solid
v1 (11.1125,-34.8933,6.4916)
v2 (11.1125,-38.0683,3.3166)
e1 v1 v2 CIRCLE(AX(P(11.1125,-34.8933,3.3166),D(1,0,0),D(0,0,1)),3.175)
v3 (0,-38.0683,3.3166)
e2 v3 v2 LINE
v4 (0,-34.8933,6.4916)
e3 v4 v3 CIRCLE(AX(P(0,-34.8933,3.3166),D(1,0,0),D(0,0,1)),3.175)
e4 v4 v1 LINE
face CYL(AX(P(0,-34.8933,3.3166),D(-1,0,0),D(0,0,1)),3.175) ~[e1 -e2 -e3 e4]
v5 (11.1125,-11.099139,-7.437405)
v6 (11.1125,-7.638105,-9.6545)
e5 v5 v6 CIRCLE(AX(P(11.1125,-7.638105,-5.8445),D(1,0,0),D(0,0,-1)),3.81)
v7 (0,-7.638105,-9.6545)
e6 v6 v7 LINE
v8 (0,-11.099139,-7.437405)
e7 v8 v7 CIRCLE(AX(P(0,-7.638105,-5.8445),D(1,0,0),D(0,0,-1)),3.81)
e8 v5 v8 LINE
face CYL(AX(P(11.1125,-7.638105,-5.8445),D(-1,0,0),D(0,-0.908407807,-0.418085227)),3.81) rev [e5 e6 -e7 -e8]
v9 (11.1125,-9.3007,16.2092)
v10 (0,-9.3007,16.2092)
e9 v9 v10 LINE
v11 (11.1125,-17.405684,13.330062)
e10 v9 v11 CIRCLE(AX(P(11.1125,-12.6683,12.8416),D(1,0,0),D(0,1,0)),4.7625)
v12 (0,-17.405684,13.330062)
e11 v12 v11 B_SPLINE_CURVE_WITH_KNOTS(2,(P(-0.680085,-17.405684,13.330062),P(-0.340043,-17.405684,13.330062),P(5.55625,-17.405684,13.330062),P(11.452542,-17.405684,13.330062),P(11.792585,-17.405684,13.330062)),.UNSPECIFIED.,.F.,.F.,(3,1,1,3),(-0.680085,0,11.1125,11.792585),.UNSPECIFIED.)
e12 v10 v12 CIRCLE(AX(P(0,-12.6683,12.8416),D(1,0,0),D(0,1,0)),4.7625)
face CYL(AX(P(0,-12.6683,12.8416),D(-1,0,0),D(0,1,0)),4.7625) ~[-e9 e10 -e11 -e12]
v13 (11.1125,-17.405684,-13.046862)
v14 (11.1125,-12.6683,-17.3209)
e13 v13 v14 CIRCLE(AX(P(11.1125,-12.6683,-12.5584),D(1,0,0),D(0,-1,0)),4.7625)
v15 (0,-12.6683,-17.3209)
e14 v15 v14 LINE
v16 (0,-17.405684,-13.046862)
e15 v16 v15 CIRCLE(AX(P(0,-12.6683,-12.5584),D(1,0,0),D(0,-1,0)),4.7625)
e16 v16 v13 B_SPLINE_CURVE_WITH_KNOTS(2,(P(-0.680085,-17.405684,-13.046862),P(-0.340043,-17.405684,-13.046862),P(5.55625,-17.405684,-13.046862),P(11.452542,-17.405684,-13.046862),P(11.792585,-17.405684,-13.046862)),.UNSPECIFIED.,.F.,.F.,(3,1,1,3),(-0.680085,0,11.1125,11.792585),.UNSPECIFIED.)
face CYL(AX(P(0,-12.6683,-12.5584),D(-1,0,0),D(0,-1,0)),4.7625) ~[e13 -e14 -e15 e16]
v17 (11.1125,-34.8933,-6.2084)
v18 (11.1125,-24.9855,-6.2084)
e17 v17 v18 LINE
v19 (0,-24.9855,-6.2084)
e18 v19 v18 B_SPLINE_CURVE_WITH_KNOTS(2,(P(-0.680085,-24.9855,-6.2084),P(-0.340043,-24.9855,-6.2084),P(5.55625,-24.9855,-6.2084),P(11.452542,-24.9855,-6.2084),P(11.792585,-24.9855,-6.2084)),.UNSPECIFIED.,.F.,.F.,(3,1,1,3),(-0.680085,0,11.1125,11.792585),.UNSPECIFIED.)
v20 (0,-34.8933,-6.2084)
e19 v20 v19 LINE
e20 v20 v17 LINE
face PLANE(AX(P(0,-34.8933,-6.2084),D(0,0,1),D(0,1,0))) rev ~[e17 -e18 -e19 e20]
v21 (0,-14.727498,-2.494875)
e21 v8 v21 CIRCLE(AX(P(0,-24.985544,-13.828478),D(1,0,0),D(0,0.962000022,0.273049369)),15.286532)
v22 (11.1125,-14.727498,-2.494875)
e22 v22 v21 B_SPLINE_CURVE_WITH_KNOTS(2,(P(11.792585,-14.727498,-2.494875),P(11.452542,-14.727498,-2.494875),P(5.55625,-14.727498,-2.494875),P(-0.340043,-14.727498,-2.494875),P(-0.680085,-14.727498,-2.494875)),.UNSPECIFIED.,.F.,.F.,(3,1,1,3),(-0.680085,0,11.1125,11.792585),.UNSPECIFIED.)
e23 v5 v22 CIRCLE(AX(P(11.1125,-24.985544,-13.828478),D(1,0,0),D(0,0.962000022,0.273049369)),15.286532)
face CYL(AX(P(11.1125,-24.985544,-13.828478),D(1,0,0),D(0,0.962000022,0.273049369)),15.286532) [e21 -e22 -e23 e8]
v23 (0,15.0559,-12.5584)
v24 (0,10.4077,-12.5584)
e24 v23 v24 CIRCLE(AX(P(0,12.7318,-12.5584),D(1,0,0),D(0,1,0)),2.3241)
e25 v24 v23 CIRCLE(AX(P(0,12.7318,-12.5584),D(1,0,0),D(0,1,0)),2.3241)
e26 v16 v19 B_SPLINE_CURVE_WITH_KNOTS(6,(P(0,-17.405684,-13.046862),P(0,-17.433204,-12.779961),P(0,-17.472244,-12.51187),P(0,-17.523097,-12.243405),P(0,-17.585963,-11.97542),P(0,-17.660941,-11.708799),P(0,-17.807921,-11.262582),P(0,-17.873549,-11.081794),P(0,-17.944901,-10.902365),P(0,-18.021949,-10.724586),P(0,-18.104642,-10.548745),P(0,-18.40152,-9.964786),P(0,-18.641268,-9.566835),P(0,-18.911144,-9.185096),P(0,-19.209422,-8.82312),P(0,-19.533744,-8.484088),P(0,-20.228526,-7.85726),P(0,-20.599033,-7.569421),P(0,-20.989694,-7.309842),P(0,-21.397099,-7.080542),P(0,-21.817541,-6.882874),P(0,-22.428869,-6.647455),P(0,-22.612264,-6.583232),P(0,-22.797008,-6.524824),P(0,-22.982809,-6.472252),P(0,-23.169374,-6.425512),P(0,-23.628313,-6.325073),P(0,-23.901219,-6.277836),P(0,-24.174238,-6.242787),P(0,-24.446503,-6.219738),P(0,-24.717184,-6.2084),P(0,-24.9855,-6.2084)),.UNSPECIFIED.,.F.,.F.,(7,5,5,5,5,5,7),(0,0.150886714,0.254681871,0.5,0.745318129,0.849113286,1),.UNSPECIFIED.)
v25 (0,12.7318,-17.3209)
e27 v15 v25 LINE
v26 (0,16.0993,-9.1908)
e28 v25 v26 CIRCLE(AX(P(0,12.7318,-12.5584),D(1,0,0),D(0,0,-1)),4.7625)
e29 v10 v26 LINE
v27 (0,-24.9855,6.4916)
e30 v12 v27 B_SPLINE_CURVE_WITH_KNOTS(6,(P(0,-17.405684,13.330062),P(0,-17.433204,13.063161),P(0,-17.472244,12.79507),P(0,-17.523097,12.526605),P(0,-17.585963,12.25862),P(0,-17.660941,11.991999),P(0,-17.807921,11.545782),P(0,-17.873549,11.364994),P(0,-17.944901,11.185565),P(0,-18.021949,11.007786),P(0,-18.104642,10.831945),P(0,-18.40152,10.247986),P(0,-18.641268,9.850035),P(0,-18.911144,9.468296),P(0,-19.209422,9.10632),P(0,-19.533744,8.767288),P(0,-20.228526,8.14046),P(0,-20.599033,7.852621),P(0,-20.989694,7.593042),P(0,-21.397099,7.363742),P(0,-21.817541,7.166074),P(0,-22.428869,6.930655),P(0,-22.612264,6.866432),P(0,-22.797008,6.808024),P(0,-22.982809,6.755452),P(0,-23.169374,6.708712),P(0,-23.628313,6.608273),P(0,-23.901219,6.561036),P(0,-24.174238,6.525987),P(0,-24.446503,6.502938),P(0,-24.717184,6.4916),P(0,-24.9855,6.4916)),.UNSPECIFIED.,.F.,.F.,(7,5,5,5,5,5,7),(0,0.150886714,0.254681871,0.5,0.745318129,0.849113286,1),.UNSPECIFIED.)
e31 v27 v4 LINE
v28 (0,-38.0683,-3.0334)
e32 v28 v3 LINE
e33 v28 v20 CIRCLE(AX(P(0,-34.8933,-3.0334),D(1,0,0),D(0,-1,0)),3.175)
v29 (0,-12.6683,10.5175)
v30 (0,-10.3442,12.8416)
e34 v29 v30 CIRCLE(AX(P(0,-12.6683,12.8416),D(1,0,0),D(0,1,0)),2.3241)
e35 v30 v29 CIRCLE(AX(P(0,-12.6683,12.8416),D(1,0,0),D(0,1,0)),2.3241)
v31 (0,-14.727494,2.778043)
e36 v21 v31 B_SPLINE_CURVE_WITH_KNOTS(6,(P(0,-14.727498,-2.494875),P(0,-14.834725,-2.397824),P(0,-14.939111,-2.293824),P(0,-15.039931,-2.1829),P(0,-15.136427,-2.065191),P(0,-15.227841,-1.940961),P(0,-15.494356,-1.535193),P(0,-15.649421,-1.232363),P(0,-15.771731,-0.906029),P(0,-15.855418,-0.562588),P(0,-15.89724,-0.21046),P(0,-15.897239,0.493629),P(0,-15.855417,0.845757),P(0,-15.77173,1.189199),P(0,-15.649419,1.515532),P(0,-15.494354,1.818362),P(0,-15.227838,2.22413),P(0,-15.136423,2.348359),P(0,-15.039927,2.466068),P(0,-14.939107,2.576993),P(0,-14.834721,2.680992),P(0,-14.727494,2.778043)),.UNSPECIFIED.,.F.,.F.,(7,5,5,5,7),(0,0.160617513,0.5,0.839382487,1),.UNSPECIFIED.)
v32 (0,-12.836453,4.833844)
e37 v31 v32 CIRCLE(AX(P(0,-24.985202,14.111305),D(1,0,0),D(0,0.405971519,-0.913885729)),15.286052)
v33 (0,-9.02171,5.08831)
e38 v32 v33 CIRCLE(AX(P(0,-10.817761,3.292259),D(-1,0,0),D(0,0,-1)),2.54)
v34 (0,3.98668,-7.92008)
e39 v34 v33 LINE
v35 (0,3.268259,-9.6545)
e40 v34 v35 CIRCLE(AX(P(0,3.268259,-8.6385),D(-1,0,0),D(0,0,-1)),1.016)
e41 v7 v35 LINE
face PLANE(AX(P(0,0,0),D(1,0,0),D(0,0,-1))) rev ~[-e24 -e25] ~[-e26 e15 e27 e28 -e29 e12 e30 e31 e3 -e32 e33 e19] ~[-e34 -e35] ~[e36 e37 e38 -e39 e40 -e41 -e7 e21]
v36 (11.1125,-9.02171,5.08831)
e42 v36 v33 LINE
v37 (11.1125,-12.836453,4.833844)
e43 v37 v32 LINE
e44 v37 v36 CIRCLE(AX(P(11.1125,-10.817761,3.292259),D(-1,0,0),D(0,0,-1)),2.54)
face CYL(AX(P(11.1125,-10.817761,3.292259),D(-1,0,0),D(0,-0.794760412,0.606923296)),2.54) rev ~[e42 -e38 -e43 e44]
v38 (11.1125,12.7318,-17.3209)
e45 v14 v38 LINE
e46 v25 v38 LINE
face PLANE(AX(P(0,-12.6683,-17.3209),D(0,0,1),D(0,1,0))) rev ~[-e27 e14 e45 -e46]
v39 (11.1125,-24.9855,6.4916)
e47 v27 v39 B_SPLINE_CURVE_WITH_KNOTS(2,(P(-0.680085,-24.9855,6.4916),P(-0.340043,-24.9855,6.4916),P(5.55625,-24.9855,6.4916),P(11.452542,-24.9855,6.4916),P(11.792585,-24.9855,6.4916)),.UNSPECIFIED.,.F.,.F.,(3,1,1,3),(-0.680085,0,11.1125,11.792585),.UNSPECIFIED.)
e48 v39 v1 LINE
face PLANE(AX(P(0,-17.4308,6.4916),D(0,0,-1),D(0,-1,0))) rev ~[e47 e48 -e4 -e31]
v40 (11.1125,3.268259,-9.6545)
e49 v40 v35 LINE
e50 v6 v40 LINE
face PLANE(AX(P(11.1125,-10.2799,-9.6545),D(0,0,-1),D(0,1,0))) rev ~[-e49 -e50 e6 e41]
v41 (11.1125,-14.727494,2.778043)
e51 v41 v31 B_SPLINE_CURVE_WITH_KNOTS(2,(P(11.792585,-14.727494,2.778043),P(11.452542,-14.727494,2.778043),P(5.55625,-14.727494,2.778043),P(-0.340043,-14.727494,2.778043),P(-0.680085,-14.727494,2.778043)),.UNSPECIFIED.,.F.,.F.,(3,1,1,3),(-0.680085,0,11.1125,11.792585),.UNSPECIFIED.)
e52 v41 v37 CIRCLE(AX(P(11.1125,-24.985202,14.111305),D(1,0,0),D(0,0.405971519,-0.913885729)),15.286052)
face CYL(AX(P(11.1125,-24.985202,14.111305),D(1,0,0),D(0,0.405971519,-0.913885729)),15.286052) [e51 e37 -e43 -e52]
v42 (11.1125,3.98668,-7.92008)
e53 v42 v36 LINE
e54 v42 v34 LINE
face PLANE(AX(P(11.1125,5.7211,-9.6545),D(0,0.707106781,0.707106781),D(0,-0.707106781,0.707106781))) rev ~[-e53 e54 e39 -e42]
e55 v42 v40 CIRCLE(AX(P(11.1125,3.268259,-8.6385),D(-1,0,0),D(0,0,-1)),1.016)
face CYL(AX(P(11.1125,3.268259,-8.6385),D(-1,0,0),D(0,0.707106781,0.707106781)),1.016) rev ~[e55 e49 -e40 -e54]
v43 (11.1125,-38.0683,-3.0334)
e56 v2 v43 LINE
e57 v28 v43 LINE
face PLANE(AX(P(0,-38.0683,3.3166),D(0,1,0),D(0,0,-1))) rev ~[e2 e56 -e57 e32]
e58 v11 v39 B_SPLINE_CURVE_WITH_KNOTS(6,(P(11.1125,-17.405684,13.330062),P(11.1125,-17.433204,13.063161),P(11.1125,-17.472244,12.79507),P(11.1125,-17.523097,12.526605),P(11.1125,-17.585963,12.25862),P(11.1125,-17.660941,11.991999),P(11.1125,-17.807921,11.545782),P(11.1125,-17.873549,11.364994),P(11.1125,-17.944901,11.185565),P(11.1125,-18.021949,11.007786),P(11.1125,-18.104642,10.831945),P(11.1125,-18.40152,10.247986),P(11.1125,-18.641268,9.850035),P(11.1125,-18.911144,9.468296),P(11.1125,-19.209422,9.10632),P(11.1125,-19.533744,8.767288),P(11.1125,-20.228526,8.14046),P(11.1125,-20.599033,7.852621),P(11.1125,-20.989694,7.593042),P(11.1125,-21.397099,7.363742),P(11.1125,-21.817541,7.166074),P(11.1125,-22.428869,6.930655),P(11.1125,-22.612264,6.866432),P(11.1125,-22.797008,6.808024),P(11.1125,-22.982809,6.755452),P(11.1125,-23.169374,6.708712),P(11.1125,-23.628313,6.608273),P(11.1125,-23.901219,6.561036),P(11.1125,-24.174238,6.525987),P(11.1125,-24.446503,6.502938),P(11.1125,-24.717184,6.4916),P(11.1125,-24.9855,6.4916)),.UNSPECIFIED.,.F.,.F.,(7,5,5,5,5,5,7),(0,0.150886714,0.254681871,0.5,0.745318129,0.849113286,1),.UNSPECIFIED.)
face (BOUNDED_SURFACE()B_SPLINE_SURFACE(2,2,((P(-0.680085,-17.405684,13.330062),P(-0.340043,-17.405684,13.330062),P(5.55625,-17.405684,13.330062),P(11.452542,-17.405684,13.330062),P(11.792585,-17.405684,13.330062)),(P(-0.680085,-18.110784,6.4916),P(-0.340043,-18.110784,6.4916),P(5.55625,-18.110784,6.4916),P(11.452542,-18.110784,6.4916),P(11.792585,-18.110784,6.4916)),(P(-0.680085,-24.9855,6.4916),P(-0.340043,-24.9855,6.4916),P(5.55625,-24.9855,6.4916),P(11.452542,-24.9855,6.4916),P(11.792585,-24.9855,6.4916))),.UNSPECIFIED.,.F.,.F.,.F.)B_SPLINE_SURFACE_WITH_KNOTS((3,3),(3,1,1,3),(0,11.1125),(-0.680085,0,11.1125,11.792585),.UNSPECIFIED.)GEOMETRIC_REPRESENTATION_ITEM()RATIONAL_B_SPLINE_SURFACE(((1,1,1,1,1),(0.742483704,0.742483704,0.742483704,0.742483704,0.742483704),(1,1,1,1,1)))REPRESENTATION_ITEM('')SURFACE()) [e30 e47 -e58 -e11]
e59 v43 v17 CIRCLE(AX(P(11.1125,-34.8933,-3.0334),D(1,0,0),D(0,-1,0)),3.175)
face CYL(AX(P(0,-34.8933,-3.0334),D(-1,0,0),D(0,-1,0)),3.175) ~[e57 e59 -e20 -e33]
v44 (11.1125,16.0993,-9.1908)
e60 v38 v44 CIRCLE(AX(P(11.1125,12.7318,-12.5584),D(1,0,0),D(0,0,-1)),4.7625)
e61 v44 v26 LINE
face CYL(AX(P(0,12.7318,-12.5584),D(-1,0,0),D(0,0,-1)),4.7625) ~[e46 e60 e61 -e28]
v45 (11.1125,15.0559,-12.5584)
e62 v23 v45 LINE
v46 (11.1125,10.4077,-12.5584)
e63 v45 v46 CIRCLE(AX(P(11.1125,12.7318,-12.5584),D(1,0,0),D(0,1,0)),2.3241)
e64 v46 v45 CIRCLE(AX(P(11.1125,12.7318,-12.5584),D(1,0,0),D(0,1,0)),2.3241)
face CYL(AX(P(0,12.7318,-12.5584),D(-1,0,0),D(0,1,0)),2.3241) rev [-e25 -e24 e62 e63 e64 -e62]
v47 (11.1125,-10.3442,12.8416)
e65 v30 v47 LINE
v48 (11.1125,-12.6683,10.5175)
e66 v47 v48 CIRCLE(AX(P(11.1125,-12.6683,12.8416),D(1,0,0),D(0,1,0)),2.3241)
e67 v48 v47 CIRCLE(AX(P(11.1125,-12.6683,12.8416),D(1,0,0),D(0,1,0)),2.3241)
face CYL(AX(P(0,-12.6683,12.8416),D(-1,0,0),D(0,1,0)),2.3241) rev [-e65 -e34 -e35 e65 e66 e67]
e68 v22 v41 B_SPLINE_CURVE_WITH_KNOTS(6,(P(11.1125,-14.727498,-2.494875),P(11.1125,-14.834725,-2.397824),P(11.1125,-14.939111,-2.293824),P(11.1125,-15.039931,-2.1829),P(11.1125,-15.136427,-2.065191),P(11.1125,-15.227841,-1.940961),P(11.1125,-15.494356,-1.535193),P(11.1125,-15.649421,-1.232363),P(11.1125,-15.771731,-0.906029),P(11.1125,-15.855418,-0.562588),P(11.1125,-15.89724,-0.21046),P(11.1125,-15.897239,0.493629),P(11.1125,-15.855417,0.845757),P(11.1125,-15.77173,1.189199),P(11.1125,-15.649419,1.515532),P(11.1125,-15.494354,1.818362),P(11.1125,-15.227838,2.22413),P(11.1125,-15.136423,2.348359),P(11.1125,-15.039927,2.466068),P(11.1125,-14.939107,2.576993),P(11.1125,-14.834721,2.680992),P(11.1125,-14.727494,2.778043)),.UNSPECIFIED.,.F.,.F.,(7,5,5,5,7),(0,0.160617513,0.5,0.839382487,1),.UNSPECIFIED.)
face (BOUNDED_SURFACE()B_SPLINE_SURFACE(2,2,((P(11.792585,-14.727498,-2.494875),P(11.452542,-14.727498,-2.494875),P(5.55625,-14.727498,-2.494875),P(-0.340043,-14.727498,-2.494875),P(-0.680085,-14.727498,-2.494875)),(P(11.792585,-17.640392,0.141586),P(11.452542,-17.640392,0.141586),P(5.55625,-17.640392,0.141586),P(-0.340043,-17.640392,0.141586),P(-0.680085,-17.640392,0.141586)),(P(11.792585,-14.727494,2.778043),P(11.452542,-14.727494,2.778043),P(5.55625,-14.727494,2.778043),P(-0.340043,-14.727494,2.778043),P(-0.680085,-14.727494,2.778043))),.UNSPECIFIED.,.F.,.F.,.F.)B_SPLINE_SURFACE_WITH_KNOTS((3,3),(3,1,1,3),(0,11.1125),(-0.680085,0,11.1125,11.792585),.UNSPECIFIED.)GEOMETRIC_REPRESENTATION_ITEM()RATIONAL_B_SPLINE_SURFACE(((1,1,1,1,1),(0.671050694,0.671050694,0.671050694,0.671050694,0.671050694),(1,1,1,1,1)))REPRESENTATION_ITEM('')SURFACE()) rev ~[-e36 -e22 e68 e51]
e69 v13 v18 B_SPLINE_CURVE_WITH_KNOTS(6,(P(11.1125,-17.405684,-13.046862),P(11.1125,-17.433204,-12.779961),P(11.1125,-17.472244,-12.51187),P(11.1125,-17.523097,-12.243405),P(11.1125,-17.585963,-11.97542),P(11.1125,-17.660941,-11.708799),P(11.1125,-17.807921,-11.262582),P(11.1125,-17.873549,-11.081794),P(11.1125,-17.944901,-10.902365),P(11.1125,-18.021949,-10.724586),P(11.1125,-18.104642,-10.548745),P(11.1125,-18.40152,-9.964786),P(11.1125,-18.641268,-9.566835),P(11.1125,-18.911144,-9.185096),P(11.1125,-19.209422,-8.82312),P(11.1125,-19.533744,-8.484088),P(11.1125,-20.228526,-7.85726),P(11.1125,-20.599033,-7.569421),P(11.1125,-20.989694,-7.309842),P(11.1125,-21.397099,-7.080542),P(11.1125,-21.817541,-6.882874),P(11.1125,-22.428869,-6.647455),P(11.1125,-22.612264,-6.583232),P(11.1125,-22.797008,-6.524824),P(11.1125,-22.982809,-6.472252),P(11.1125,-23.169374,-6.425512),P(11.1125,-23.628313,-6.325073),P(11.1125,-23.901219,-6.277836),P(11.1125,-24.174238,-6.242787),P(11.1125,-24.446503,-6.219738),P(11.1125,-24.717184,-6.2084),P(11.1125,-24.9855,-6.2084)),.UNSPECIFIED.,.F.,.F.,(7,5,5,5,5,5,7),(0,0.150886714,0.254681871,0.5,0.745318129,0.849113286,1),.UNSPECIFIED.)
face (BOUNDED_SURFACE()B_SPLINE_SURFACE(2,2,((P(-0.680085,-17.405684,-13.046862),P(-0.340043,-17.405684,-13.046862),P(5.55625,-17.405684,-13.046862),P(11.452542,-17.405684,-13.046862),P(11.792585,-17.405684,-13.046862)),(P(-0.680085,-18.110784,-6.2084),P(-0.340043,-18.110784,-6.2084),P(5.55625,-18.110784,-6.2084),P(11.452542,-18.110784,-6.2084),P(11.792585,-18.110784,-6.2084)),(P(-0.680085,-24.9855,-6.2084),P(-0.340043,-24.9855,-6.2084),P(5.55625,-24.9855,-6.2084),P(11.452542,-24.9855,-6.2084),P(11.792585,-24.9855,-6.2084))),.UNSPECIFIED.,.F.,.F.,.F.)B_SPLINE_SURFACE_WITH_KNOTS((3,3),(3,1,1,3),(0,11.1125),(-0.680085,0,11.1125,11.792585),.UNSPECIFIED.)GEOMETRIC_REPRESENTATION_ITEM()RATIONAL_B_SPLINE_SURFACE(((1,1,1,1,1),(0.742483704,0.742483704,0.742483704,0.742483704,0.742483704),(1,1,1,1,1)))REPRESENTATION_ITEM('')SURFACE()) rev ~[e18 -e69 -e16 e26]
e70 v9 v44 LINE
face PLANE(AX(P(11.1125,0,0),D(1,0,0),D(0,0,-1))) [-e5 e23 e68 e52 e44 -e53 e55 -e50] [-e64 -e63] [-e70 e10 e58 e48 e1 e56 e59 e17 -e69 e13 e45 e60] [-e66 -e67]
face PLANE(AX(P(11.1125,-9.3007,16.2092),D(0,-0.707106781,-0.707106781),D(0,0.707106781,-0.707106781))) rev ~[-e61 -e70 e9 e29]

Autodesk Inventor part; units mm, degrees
ref_plane "YZ Plane" through (0, 0, 0) normal (1, 0, 0) x (0, 1, 0)
ref_plane "XZ Plane" through (0, 0, 0) normal (0, 1, 0) x (-1, 0, 0)
ref_plane "XY Plane" through (0, 0, 0) normal (0, 0, 1) x (1, 0, 0)
sketch "Sketch1" plane through (0, 0, 0) normal (1, 0, 0) x (0, 1, 0)
  line L0 (-12.6683, 12.8416) -> (-12.6683, 0.1416)
  line L1 (-12.6683, 0.1416) -> (-12.6683, -12.5584)
  line L2 (-12.6683, -12.5584) -> (0.0318, -12.5584)
  line L3 (0.0318, -12.5584) -> (12.7318, -12.5584)
  circle A0 centre (-12.6683, 12.8416) radius 2.3241
  circle A1 centre (12.7318, -12.5584) radius 2.3241
  line L4 (-12.6683, 12.8416) -> (-12.6683, -12.5584) construction
  line L5 (-17.4308, 12.8416) -> (-17.4308, -12.5584)
  line L6 (-7.9058, -12.5584) -> (-7.9058, 12.8416)
  arc A2 (-7.9058, 12.8416) -> (-17.4308, 12.8416) centre (-12.6683, 12.8416) ccw
  arc A3 (-17.4308, -12.5584) -> (-7.9058, -12.5584) centre (-12.6683, -12.5584) ccw
  line L7 (12.7318, -12.5584) -> (-12.6683, -12.5584) construction
  line L8 (12.7318, -7.7959) -> (-12.6683, -7.7959)
  line L9 (-12.6683, -17.3209) -> (12.7318, -17.3209)
  arc A4 (12.7318, -17.3209) -> (12.7318, -7.7959) centre (12.7318, -12.5584) ccw
  arc A5 (-12.6683, -7.7959) -> (-12.6683, -17.3209) centre (-12.6683, -12.5584) ccw
  line L10 (-12.6683, 0.1416) -> (-38.0683, 0.1416)
  arc A6 (-7.9058, 4.3417) -> (-7.9058, -4.0585) centre (-12.6683, 0.1416) ccw
  line L11 (-12.6683, 6.4916) -> (-34.8933, 6.4916)
  line L12 (-38.0683, 3.3166) -> (-38.0683, -3.0334)
  line L13 (-34.8933, -6.2084) -> (-12.6683, -6.2084)
  arc A7 (-34.8933, 6.4916) -> (-38.0683, 3.3166) centre (-34.8933, 3.3166) ccw
  arc A8 (-38.0683, -3.0334) -> (-34.8933, -6.2084) centre (-34.8933, -3.0334) ccw
  point P0 (0, 0)
  point P1 (0.0317, -12.5584)
  point P2 (-7.9058, -7.7959)
  point P3 (-17.4308, -6.2084)
  point P4 (-17.4308, 6.4916)
  dimension "d1" = 4.6482
  dimension "d2" = 4.6482
  dimension "d3" = 9.525
  dimension "d7" = 25.4
  dimension "d8" = 12.7
  dimension "d9" = 3.175
extrude "Extrusion1" add sketch "Sketch1" along normal blind 11.1125
fillet "Fillet1" radius 7.62 1 edges at (5.5563, -17.4308, -6.2084)
sketch "Sketch3" plane through (11.1125, 0, 0) normal (1, 0, 0) x (0, 0, -1)
  arc A0 (-12.8416, -7.9058) -> (-12.8416, -17.4308) centre (-12.8416, -12.6683) ccw projected
  line L0 (-12.8416, -17.4308) -> (-6.4916, -17.4308) projected
  line L1 (-6.4916, -17.4308) -> (-6.4916, -34.8933) projected
  arc A1 (-6.4916, -34.8933) -> (-3.3166, -38.0683) centre (-3.3166, -34.8933) ccw projected
  line L2 (-3.3166, -38.0683) -> (3.0334, -38.0683) projected
  arc A2 (3.0334, -38.0683) -> (6.2084, -34.8933) centre (3.0334, -34.8933) ccw projected
  line L3 (6.2084, -34.8933) -> (6.2084, -24.9854) projected
  arc A3 (13.0468, -17.4056) -> (6.2084, -24.9854) centre (13.8284, -24.9854) ccw projected
  arc A4 (13.0468, -17.4056) -> (17.3209, -12.6683) centre (12.5584, -12.6683) ccw projected
  line L4 (17.3209, -12.6683) -> (17.3209, 12.7318) projected
  arc A5 (17.3209, 12.7318) -> (7.7959, 12.7318) centre (12.5584, 12.7318) ccw projected
  line L5 (7.7959, 12.7318) -> (7.7959, -7.9058) projected
  line L6 (7.7959, -7.9058) -> (-12.8416, -7.9058) projected
  circle A6 centre (-12.8416, -12.6683) radius 2.3241 projected
  circle A7 centre (12.5584, 12.7318) radius 2.3241 projected
  line L7 (-16.2092, -9.3007) -> (9.1908, 16.0993)
  arc A8 (-12.8416, -7.9058) -> (-12.8416, -17.4308) centre (-12.8416, -12.6683) ccw projected
  point P0 (0, 0)
extrude "Extrusion2" add sketch "Sketch3" against normal up to surface (11.1125 mm away) contours A0 L7 A5 L5 L6
fillet "Fillet2" radius 7.62 1 edges at (5.5563, -17.4308, 6.4916)
sketch "Sketch4" plane through (11.1125, 0, 0) normal (1, 0, 0) x (0, 0, -1)
  arc A0 (-16.2092, -9.3007) -> (-13.3301, -17.4056) centre (-12.8416, -12.6683) ccw projected
  arc A1 (-6.4916, -24.9854) -> (-13.3301, -17.4056) centre (-14.1116, -24.9854) ccw projected
  line L0 (-6.4916, -24.9854) -> (-6.4916, -34.8933) projected
  arc A2 (-6.4916, -34.8933) -> (-3.3166, -38.0683) centre (-3.3166, -34.8933) ccw projected
  line L1 (-3.3166, -38.0683) -> (3.0334, -38.0683) projected
  arc A3 (3.0334, -38.0683) -> (6.2084, -34.8933) centre (3.0334, -34.8933) ccw projected
  line L2 (6.2084, -34.8933) -> (6.2084, -24.9854) projected
  arc A4 (13.0468, -17.4056) -> (6.2084, -24.9854) centre (13.8284, -24.9854) ccw projected
  arc A5 (13.0468, -17.4056) -> (17.3209, -12.6683) centre (12.5584, -12.6683) ccw projected
  line L3 (17.3209, -12.6683) -> (17.3209, 12.7318) projected
  arc A6 (17.3209, 12.7318) -> (9.1908, 16.0993) centre (12.5584, 12.7318) ccw projected
  line L4 (9.1908, 16.0993) -> (-16.2092, -9.3007) projected
  circle A7 centre (-12.8416, -12.6683) radius 2.3241 projected
  circle A8 centre (12.5584, 12.7318) radius 2.3241 projected
  arc A9 (-0.1416, -18.7795) -> (-7.3449, -11.2783) centre (-14.1116, -24.9854) ccw
  arc A10 (9.6545, -10.2799) -> (-0.1416, -18.7795) centre (13.8284, -24.9854) ccw
  line L5 (9.6545, -10.2799) -> (9.6545, 5.7211)
  line L6 (9.6545, 5.7211) -> (-7.3449, -11.2783)
  point P0 (0, 0)
extrude "Extrusion3" cut sketch "Sketch4" against normal blind 25.4 contours A9 L6 L5 A10
fillet "Fillet3" radius 3.81 1 edges at (5.5563, -10.2799, -9.6545)
fillet "Fillet4" radius 3.556 1 edges at (5.5563, -18.7795, 0.1416)
fillet "Fillet5" radius 2.54 1 edges at (5.5563, -11.2783, 7.3449)
fillet "Fillet6" radius 1.016 1 edges at (5.5563, 5.7211, -9.6545)
properties part number "MOGO Mech"
